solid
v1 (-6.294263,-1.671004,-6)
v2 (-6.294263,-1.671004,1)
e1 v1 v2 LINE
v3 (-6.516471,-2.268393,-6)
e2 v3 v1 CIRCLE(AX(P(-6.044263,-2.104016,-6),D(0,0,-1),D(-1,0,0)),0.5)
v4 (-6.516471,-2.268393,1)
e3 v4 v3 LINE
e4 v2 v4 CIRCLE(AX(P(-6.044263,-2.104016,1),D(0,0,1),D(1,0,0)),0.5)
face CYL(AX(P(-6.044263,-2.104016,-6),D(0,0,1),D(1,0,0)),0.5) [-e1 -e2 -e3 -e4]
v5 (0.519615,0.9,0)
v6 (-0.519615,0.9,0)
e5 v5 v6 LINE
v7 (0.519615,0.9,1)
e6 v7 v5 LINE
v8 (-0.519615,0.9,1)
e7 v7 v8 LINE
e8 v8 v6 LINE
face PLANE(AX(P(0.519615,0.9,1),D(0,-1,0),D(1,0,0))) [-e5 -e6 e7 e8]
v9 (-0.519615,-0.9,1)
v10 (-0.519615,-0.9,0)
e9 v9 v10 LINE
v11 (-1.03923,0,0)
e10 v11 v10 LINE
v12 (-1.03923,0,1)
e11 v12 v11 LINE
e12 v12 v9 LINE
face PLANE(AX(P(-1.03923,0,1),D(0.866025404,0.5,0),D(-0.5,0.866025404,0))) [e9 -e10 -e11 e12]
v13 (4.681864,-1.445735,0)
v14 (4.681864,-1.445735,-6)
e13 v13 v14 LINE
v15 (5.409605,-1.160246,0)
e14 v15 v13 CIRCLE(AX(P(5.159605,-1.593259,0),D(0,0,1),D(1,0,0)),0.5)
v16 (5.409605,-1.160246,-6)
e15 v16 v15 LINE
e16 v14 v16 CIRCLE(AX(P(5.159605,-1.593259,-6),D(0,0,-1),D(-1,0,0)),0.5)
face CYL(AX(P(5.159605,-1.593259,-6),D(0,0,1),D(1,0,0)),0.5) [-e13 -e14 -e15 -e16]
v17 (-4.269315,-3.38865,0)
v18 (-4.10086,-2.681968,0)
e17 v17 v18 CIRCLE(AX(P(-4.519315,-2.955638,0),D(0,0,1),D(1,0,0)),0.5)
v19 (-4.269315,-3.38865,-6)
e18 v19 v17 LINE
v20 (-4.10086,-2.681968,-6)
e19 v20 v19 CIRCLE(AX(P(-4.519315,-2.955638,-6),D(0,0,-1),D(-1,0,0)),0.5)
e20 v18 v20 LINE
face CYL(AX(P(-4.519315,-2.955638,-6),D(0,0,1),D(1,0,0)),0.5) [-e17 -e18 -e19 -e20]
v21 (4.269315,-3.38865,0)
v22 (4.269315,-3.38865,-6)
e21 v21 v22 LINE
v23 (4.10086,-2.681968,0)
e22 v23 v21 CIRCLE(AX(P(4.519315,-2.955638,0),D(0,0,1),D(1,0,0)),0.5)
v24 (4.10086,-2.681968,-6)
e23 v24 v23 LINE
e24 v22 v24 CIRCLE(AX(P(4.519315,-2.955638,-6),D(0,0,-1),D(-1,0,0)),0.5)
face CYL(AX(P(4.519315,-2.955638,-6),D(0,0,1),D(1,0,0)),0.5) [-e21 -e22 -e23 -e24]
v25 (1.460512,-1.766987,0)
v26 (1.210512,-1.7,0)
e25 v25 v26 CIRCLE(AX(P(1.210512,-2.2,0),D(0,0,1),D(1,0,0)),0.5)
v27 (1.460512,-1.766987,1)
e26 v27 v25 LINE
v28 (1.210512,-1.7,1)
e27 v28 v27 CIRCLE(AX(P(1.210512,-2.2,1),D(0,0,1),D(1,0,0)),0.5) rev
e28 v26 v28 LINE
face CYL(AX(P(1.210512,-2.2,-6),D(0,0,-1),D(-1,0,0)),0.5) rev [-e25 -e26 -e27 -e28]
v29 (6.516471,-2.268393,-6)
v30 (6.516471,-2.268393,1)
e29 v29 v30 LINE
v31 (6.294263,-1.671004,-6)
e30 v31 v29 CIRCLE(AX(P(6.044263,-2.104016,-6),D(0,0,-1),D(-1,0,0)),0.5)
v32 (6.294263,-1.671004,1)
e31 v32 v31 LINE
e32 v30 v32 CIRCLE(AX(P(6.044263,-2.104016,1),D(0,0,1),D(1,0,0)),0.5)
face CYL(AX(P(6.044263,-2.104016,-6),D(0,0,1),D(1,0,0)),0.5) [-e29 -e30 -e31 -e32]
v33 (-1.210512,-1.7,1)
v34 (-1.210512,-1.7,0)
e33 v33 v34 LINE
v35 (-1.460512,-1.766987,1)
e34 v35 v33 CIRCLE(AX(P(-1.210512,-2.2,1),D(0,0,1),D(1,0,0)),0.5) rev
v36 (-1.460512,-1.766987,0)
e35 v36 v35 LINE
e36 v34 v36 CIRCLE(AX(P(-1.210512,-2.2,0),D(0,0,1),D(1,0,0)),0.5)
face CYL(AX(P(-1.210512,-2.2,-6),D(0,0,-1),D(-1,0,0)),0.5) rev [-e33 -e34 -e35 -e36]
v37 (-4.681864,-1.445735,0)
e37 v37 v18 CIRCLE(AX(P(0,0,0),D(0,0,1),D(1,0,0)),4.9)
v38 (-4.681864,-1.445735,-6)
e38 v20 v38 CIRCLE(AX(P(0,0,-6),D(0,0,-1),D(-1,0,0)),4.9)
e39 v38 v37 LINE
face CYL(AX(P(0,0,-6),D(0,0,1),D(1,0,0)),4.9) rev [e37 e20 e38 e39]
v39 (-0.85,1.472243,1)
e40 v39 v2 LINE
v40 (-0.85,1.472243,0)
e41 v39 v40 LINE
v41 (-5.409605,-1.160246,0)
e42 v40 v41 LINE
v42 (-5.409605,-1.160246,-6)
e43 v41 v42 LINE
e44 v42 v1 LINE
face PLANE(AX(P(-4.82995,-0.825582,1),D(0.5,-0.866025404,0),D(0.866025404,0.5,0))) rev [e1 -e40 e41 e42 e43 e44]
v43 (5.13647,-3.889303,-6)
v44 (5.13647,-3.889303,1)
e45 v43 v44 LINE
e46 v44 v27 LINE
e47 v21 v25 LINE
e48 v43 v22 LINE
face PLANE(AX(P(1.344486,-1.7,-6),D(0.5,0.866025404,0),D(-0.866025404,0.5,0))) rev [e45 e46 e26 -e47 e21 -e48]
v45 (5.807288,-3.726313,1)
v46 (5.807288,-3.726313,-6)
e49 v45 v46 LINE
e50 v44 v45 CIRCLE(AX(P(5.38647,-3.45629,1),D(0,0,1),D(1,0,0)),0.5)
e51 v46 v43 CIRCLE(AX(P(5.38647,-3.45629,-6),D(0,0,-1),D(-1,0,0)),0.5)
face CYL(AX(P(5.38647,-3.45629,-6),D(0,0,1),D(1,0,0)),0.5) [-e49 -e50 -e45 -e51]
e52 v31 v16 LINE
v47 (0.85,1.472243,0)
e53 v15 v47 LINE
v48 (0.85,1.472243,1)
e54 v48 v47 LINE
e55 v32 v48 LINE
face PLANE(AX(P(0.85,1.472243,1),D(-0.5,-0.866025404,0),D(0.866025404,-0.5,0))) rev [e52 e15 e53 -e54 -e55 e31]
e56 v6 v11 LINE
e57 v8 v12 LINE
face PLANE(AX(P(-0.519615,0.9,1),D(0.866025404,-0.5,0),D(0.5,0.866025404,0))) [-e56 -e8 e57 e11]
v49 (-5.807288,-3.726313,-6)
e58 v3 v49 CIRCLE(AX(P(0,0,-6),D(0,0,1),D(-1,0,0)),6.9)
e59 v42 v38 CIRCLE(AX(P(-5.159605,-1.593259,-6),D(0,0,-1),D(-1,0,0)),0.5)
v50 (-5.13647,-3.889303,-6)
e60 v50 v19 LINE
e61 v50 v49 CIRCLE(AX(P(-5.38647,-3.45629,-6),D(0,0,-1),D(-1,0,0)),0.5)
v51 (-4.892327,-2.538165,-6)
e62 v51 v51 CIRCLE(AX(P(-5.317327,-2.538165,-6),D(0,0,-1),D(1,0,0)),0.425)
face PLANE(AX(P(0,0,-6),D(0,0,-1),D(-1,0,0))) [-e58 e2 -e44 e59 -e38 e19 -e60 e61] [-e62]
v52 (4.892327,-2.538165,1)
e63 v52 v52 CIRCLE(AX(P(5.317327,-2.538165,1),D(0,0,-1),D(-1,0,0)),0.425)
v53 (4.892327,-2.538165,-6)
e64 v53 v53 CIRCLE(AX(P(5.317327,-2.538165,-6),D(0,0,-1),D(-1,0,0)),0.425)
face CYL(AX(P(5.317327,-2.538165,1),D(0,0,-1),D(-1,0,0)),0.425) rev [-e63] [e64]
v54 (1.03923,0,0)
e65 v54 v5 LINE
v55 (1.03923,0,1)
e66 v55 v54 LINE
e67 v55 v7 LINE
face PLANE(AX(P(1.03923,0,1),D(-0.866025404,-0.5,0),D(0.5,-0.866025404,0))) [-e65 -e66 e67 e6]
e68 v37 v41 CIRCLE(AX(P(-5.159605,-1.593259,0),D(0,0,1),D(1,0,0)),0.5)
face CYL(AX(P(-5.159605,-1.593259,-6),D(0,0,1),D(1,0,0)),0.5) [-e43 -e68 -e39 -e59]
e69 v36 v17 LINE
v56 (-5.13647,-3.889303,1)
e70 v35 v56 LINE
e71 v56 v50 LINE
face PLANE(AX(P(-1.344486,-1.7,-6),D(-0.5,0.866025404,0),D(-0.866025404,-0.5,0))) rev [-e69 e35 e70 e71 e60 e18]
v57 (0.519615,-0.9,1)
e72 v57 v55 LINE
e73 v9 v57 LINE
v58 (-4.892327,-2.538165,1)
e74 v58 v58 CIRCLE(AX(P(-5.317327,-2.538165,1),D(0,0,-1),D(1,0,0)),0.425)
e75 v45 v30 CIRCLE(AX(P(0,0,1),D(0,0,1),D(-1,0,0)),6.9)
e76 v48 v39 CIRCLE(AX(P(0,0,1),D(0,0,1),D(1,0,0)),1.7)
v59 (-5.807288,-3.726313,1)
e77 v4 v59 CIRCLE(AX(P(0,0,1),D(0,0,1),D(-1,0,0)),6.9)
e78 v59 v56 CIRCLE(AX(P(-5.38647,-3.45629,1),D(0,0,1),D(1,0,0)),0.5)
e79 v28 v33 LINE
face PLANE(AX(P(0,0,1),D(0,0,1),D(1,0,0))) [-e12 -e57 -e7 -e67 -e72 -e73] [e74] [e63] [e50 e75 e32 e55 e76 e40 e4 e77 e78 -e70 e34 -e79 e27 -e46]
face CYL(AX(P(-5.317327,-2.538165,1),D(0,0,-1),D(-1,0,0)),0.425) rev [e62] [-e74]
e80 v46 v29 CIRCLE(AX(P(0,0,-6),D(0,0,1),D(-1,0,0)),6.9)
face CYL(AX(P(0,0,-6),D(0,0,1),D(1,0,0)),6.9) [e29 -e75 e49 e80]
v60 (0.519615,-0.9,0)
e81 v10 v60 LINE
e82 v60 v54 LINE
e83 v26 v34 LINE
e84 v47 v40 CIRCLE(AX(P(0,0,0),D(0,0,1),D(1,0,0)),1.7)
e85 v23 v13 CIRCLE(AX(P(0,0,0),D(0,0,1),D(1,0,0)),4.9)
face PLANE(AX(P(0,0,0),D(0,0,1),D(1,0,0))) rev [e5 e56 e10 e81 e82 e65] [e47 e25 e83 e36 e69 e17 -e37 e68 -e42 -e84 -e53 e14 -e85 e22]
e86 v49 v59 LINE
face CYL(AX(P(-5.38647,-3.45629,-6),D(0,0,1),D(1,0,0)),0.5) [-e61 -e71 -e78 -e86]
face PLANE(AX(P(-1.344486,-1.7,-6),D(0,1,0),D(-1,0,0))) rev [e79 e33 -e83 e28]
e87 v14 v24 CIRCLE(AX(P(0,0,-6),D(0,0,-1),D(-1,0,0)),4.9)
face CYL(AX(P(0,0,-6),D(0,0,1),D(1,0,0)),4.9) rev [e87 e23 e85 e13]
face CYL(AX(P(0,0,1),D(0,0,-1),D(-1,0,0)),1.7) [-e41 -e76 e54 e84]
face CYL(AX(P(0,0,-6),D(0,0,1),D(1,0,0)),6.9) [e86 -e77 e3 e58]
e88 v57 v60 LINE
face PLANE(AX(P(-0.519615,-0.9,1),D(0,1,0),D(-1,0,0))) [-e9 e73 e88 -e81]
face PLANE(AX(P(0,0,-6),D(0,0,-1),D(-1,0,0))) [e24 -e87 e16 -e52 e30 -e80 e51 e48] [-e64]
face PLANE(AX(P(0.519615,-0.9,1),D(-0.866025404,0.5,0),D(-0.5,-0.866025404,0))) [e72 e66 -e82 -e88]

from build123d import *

# Parameters (mm, degrees)
PLATE_DEPTH  = 1
PILLAR_START = -7
PILLAR_DEPTH = 7
CUT_DEPTH    = 12.862454801607791
HOLESKE_R    = 0.4249999999999999
HOLE_DEPTH   = 11.491832758845009
FILLET_2_R   = 0.5


with BuildPart() as part:
    # PlateSke → Plate (new body)
    with BuildSketch(Plane.XY):
        with BuildLine():
            Line((-4.829949748426477, -0.8255818721816728), (-0.8500000000000022, 1.472243186433545))
            ThreePointArc((-0.8500000000000022, 1.472243186433545), (1e-16, 1.7000000000000004), (0.8500000000000022, 1.472243186433545))
            Line((0.8500000000000022, 1.472243186433545), (4.829949748426477, -0.8255818721816728))
            ThreePointArc((4.829949748426477, -0.8255818721816728), (3e-16, -4.899999999999999), (-4.829949748426477, -0.8255818721816728))
        make_face()
        Polygon((1.0392304845413274, 0), (0.5196152422706616, 0.9000000000000019), (-0.5196152422706678, 0.8999999999999982), (-1.0392304845413274, -7.26e-15), (-0.5196152422706553, -0.9000000000000056), (0.5196152422706742, -0.8999999999999948), align=None, mode=Mode.SUBTRACT)
    extrude(amount=PLATE_DEPTH)

    # PillarSke → Pillar (add)
    with BuildSketch(Plane.XY.offset(1).offset(PILLAR_START)):
        with BuildLine():
            Line((-6.641372894228101, -1.87140751302655), (-4.829949748426477, -0.8255818721816716))
            ThreePointArc((-4.829949748426477, -0.8255818721816716), (-1.88e-15, -4.899999999999999), (4.829949748426477, -0.8255818721816728))
            Line((4.829949748426477, -0.8255818721816728), (6.641372894228101, -1.8714075130265588))
            ThreePointArc((6.641372894228101, -1.8714075130265588), (-4.17e-15, -6.8999999999999995), (-6.641372894228101, -1.87140751302655))
        make_face()
    extrude(amount=PILLAR_DEPTH)

    # CutSke → Cut (cut, through all)
    with BuildSketch(Plane.XY.offset(1)):
        with BuildLine():
            Line((-1.3444863728671024, -1.7000000000000057), (1.3444863728670877, -1.700000000000006))
            Line((1.3444863728670877, -1.700000000000006), (5.53527589923164, -4.119553461163642))
            ThreePointArc((5.53527589923164, -4.119553461163642), (-2.64e-15, -6.899999999999998), (-5.5352758992316415, -4.119553461163638))
            Line((-5.5352758992316415, -4.119553461163638), (-1.3444863728671024, -1.7000000000000057))
        make_face()
    extrude(amount=-CUT_DEPTH, mode=Mode.SUBTRACT)

    # HoleSke → Hole (cut, through all)
    with BuildSketch(Plane(origin=(0, 0, -6), x_dir=(-1, 0, 0), z_dir=(0, 0, -1))):
        with Locations((-5.317327275986198, -2.5381645669665653)):
            Circle(HOLESKE_R)
        with Locations(Location((5.317327275986198, -2.5381645669665653, 0), (0, 0, 180))):
            Circle(HOLESKE_R)
    extrude(amount=-HOLE_DEPTH, mode=Mode.SUBTRACT)

    # Fillet 2
    fillet_2_edges = [part.edges().sort_by_distance(p)[0] for p in [
        (-4.829949748426477, -0.8255818721816717, -3),
        (6.641372894228101, -1.8714075130265588, -2.5),
        (-6.641372894228101, -1.8714075130265502, -2.5),
        (4.829949748426477, -0.8255818721816734, -3),
        (-1.3444863728671024, -1.7000000000000057, 0.5),
        (-5.535275899231642, -4.119553461163638, -2.5),
        (1.3444863728670877, -1.700000000000006, 0.5),
        (-3.7865857210858582, -3.1099467160819145, -3),
        (3.7865857210858542, -3.1099467160819194, -3),
        (5.535275899231641, -4.119553461163642, -2.5),
    ]]
    fillet(fillet_2_edges, radius=FILLET_2_R)


solid = part.part
